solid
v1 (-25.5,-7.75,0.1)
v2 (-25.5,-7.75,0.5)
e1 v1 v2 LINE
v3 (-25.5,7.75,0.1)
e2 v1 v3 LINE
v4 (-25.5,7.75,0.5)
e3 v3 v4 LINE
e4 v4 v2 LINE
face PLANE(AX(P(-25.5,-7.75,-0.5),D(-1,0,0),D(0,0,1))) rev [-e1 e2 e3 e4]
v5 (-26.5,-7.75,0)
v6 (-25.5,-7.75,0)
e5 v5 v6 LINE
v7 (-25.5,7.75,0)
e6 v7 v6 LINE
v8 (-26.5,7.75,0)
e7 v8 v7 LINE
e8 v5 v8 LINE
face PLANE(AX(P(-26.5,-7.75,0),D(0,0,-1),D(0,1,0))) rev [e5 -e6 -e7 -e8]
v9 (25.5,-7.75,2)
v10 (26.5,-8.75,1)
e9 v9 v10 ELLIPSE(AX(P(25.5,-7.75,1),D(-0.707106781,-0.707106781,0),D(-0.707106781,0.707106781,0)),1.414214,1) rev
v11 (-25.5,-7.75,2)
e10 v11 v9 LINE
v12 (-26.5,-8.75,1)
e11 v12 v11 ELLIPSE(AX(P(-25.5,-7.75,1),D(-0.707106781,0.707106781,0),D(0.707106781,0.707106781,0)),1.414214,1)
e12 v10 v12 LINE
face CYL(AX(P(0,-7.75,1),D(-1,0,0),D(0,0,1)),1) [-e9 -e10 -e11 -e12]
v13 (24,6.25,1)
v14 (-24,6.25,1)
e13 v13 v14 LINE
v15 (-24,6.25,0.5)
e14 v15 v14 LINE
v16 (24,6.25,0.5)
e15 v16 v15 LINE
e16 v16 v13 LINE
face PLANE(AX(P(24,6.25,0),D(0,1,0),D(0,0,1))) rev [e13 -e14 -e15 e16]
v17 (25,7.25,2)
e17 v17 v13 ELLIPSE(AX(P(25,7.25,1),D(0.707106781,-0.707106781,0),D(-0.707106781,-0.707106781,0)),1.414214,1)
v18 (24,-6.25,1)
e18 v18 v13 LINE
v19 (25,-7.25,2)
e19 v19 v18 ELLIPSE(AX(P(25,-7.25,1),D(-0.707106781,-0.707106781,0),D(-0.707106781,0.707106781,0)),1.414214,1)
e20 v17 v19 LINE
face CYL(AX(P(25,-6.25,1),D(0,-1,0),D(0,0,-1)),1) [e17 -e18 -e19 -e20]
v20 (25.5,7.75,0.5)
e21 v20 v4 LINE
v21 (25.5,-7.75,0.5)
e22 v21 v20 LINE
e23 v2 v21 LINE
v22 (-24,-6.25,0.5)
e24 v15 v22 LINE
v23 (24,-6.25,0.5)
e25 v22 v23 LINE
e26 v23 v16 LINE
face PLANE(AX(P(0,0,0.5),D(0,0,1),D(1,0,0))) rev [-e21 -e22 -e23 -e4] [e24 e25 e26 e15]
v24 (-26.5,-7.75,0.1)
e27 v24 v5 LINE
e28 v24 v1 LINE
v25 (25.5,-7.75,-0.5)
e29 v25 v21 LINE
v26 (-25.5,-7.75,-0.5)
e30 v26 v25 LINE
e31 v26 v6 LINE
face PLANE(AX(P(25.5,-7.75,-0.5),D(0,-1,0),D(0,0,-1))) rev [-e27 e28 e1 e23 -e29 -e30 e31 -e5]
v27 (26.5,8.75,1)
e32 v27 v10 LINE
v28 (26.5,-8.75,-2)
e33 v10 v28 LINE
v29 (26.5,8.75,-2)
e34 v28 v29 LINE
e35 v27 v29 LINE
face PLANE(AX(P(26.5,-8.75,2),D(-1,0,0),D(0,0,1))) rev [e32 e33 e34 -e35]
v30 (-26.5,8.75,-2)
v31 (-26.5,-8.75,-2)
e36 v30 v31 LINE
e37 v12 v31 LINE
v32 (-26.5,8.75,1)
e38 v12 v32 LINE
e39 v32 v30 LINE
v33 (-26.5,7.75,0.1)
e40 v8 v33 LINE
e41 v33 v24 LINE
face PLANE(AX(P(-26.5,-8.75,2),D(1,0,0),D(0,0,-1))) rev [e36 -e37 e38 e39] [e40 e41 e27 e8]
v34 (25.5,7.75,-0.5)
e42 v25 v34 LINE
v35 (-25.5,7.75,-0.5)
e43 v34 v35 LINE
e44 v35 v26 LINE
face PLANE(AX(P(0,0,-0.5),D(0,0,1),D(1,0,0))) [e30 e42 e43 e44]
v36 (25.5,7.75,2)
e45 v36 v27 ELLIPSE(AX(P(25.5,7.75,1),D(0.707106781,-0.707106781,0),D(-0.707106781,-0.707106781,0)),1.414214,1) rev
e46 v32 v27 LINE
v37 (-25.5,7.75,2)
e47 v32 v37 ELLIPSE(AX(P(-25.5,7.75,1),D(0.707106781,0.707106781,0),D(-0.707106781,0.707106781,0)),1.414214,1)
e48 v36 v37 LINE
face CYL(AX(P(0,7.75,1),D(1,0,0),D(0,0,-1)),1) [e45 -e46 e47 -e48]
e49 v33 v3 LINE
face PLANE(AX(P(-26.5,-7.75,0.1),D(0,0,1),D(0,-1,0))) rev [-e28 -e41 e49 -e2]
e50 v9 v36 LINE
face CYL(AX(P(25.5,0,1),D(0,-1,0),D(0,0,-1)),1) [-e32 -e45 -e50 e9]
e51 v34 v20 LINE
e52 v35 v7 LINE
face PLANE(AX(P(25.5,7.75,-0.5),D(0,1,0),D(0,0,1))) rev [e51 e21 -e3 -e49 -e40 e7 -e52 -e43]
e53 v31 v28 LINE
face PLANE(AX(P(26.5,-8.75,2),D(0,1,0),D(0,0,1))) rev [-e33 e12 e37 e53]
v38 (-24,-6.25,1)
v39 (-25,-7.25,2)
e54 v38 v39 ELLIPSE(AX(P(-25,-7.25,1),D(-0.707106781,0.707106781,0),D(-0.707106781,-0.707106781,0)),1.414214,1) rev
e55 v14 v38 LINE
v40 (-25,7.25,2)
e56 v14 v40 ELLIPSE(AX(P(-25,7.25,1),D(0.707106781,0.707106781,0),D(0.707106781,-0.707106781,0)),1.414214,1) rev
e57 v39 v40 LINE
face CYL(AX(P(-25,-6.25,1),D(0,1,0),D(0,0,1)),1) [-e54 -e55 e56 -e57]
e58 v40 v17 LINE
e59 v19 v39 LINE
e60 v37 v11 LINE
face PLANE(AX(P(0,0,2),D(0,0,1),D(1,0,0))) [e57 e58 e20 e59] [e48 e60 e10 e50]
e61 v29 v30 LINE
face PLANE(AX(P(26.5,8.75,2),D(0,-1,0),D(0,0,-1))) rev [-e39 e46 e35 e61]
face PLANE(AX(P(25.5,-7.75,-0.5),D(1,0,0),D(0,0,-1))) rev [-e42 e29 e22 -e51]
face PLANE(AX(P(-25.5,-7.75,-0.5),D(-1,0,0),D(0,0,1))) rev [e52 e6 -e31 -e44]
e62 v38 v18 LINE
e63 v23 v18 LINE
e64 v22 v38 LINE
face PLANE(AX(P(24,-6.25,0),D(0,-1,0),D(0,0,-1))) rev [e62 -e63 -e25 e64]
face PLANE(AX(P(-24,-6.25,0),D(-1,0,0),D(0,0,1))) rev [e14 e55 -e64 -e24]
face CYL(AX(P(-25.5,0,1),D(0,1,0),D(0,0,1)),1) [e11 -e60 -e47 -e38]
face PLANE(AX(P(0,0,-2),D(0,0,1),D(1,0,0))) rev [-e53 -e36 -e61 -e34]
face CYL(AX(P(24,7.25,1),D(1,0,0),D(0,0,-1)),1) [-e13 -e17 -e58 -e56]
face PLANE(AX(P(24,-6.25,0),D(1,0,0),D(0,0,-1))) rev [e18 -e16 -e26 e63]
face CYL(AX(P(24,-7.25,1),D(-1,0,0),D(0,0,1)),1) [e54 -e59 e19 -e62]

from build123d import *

# Parameters (mm, degrees)
SKETCH_1_W          = 53
SKETCH_1_H          = 17.5
EXTRUDE_1_DEPTH     = 2
SKETCH_3_W          = 51
SKETCH_3_H          = 15.5
CUT_EXTRUDE_2_DEPTH = 0.5
SKETCH_2_W          = 48
SKETCH_2_H          = 12.5
CUT_EXTRUDE_3_DEPTH = 2
FILLET_1_R          = 1
SKETCH_5_W          = 0.1
SKETCH_5_H          = 15.5
CUT_EXTRUDE_5_DEPTH = 28.978786607


with BuildPart() as part:
    # Эскиз1 → Бобышка-Вытянуть1 (new, symmetric)
    with BuildSketch(Plane.XY):
        Rectangle(SKETCH_1_W, SKETCH_1_H)
    extrude(amount=EXTRUDE_1_DEPTH, both=True)

    # Эскиз3 → Вырез-Вытянуть2 (cut, symmetric)
    with BuildSketch(Plane.XY):
        Rectangle(SKETCH_3_W, SKETCH_3_H)
    extrude(amount=CUT_EXTRUDE_2_DEPTH, both=True, mode=Mode.SUBTRACT)

    # Эскиз2 → Вырез-Вытянуть3 (cut)
    with BuildSketch(Plane.XY.offset(2)):
        Rectangle(SKETCH_2_W, SKETCH_2_H)
    extrude(amount=-CUT_EXTRUDE_3_DEPTH, mode=Mode.SUBTRACT)

    # Скругление1
    fillet_1_edges = [part.edges().sort_by_distance(p)[0] for p in [
        (26.5, 0, 2),
        (0, 8.75, 2),
        (-24, 0, 2),
        (0, -6.25, 2),
        (24, 0, 2),
        (0, 6.25, 2),
        (-26.5, 0, 2),
        (0, -8.75, 2),
    ]]
    fillet(fillet_1_edges, radius=FILLET_1_R)

    # Эскиз5 → Вырез-Вытянуть5 (cut, through all)
    with BuildSketch(Plane(origin=(0, 0, 0), x_dir=(0, 0, -1), z_dir=(1, 0, 0))):
        with Locations((-0.05, 0)):
            Rectangle(SKETCH_5_W, SKETCH_5_H)
    extrude(amount=-CUT_EXTRUDE_5_DEPTH, mode=Mode.SUBTRACT)


solid = part.part
